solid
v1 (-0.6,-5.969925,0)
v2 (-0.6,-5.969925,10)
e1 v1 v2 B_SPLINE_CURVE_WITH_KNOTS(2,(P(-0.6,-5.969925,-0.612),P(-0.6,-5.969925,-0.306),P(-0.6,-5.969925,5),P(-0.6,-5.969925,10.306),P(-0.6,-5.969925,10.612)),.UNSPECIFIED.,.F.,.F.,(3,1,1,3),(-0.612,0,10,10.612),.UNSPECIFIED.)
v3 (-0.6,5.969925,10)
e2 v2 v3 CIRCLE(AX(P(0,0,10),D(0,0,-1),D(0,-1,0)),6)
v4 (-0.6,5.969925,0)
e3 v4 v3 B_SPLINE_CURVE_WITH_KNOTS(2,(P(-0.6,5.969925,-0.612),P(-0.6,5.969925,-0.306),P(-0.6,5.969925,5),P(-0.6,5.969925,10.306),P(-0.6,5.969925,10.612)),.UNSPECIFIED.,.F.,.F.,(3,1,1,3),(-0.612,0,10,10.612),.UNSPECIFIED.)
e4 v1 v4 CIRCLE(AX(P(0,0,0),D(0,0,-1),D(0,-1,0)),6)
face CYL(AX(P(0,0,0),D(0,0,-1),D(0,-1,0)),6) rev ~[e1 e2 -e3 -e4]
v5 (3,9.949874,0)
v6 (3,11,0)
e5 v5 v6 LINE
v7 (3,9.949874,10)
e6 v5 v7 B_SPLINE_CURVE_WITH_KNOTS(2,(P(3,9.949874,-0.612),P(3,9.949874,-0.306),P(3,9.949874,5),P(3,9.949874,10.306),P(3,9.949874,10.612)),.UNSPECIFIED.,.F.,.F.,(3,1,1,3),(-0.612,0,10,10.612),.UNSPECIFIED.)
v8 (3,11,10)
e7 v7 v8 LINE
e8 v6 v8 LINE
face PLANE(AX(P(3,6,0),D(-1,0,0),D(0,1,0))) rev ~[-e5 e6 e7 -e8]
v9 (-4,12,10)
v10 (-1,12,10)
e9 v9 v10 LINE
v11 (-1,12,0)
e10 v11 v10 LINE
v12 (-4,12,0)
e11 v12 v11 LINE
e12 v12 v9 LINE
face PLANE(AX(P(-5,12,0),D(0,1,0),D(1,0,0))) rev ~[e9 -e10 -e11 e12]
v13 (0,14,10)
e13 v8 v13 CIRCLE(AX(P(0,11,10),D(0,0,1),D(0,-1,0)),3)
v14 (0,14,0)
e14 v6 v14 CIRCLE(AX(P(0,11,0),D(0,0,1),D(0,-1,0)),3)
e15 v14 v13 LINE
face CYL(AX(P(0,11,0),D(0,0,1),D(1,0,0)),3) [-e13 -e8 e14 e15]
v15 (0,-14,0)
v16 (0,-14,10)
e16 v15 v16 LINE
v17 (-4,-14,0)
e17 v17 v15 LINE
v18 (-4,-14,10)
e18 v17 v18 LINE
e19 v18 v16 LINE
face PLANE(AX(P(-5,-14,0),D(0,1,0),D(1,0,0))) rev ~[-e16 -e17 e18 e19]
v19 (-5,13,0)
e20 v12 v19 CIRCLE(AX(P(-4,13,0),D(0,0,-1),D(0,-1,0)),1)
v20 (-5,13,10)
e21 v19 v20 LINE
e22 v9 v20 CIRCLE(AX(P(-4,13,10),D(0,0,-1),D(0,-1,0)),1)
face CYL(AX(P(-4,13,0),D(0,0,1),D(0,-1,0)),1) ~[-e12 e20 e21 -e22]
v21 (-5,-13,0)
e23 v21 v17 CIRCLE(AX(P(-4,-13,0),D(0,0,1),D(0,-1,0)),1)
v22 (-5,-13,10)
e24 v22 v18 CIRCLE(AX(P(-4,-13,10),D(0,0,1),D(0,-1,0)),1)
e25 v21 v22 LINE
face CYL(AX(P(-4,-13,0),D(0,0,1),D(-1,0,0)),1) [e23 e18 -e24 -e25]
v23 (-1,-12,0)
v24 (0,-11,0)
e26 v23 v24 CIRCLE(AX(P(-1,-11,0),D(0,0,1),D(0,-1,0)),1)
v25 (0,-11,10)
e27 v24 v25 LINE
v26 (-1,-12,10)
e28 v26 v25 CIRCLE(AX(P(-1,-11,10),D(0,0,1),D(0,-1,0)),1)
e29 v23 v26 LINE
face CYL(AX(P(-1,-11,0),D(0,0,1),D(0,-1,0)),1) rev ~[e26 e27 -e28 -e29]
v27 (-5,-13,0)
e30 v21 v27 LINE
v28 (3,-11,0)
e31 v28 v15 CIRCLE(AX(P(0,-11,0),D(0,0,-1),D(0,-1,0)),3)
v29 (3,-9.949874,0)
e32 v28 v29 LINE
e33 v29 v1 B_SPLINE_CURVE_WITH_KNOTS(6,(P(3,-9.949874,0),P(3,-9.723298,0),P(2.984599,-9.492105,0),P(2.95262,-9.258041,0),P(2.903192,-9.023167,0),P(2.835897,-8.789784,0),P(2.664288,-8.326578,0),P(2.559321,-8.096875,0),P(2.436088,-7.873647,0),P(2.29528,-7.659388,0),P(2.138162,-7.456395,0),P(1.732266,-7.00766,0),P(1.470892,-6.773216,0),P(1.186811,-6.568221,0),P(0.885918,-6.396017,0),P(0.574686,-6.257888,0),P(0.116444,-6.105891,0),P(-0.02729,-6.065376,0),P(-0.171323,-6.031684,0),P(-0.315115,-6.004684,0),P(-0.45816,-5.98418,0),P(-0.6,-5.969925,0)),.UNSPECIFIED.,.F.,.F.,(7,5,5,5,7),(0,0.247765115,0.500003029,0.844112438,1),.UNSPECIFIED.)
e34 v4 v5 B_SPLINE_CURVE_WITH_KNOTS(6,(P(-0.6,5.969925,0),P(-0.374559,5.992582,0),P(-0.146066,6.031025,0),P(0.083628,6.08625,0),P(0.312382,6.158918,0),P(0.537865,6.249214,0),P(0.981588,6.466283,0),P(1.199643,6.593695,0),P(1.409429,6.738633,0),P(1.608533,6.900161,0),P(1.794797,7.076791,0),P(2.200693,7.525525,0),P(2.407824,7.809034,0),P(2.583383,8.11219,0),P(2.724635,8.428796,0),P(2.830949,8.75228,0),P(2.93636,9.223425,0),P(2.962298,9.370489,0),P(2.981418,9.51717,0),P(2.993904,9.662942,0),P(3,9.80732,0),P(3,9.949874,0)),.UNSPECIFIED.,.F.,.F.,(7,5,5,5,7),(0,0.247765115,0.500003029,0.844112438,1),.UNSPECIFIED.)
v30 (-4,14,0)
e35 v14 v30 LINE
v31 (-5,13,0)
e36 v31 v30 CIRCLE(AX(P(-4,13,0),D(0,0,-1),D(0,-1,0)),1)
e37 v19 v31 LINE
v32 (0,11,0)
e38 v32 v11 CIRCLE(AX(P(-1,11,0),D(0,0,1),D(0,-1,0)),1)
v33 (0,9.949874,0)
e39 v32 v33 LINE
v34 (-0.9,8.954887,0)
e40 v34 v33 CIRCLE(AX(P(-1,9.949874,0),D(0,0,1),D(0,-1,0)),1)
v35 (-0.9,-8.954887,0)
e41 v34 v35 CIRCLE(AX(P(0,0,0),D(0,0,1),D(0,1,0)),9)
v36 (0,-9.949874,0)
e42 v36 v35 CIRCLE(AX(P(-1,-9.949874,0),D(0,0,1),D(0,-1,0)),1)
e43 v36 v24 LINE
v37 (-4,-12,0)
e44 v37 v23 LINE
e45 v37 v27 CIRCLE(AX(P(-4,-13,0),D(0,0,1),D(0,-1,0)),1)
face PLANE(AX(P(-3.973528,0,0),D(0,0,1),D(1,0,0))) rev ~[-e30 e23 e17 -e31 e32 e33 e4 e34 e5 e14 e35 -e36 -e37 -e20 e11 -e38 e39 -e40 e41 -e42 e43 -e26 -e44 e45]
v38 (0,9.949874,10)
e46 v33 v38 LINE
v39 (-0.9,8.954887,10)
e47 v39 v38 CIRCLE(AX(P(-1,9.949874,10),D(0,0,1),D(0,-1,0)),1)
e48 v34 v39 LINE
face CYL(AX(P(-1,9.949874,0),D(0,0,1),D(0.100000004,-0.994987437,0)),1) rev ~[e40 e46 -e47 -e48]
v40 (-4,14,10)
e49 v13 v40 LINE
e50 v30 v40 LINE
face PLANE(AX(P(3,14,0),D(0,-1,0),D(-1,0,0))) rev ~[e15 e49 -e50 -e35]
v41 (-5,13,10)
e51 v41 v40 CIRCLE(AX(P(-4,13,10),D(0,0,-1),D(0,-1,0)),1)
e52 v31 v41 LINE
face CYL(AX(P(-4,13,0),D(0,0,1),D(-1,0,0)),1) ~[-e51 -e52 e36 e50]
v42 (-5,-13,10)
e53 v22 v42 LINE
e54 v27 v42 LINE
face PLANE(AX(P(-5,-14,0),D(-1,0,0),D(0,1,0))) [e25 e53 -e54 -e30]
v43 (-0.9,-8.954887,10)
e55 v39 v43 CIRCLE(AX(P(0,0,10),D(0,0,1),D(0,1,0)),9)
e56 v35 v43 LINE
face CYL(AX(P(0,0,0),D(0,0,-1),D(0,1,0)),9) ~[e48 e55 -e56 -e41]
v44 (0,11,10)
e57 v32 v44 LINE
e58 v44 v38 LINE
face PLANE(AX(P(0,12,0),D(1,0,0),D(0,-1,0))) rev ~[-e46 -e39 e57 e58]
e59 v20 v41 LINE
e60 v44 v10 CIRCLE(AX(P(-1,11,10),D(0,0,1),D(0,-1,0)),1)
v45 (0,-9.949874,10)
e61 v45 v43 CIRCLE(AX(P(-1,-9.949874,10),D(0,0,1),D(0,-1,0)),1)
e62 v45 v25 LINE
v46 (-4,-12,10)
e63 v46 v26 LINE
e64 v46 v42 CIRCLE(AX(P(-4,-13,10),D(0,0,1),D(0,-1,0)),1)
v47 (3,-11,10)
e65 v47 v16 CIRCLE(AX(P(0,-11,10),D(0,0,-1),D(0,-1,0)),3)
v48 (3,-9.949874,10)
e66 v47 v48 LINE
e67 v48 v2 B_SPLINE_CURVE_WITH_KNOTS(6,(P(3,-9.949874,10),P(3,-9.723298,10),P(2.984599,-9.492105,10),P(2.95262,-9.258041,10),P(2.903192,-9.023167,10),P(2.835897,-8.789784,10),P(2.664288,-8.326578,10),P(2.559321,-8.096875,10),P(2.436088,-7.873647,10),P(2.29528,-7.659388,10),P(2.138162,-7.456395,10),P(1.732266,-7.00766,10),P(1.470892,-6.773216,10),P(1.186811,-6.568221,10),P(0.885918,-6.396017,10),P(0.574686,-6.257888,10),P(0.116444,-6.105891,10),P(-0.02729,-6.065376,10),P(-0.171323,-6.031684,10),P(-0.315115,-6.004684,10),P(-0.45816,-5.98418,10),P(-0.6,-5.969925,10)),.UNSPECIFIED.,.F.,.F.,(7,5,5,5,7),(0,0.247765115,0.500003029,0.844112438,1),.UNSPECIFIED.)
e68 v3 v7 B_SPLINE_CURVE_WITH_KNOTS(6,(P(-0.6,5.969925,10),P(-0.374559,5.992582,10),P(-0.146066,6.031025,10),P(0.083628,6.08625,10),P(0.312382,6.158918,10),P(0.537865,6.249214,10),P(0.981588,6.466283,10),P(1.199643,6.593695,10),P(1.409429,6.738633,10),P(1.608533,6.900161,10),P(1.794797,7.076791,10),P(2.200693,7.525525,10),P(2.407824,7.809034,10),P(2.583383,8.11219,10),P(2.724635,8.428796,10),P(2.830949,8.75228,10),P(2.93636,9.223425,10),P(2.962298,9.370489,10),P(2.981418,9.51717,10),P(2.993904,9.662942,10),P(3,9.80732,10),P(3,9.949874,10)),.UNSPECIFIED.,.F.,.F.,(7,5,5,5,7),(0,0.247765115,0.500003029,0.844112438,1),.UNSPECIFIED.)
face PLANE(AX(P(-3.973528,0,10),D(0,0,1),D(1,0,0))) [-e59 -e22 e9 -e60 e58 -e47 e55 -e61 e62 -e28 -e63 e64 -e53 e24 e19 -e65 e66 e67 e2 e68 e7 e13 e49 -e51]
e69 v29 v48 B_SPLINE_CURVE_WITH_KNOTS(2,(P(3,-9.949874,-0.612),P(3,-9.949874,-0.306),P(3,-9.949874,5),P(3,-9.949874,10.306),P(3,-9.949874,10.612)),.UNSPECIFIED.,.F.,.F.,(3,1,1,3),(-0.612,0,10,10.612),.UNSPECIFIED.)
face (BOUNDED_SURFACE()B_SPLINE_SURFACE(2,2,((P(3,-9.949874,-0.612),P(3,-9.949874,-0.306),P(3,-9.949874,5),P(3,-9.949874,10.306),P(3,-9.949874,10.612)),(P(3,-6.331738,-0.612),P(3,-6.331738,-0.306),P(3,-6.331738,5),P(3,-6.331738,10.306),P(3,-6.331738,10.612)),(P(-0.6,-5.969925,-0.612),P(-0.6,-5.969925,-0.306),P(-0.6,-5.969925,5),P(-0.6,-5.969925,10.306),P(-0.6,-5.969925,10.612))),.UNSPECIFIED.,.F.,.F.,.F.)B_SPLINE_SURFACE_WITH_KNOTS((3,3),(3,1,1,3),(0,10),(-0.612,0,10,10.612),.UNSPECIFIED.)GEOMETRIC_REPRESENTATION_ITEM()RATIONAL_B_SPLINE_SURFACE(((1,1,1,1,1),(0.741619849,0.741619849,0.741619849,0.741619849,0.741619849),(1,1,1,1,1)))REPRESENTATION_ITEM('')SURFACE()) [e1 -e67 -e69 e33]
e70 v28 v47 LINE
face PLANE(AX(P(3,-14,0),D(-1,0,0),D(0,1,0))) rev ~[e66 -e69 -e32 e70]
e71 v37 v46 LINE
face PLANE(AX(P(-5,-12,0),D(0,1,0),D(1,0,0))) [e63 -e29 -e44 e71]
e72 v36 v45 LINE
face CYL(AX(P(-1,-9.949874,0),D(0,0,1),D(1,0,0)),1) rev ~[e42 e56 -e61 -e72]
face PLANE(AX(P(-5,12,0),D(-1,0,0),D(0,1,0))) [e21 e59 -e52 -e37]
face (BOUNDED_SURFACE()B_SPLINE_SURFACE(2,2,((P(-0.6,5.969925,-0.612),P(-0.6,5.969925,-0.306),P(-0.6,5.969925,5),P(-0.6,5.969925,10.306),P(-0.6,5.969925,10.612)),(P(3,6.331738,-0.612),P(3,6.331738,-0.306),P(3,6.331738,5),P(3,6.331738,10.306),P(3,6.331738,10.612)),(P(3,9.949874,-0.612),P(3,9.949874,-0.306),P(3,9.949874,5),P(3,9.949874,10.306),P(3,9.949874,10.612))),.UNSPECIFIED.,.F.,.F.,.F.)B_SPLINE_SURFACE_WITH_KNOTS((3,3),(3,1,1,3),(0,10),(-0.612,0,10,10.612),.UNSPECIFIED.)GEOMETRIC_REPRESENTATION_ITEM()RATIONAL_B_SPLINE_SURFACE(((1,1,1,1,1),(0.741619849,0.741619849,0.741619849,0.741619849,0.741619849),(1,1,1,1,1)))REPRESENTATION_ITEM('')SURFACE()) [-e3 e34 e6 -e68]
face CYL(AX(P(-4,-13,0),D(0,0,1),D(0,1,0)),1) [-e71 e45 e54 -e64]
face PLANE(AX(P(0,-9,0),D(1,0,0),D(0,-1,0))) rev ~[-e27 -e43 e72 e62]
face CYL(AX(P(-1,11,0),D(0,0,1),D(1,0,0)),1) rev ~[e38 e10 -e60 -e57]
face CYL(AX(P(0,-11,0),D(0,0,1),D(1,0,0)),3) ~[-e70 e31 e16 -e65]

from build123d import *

# Parameters (mm, degrees)
F0_W     = 5
F0_H     = 2.0000003874
F1_DEPTH = 10
F2_R     = 4
F3_R     = 3
F4_R     = 1
F5_R     = 1
F6_R     = 1


with BuildPart() as f1:
    # F0 (on Top) → F1 (new body)
    with BuildSketch(Plane.XY):
        with BuildLine():
            ThreePointArc((0, -6), (-6, 0), (0, 6))
            Line((0, 6), (0, 8.9999996126))
            ThreePointArc((0, 8.9999996126), (-8.9999996126, 0), (0, -8.9999996126))
            Line((0, -8.9999996126), (0, -6))
        make_face()
        Polygon((0, 8.9999996126), (0, 6), (3, 6), (3, 14), (0, 14), (0, 11.9999996126), align=None)
        with Locations((-2.5, 12.9999998063)):
            Rectangle(F0_W, F0_H)
        Polygon((3, -6), (0, -6), (0, -8.9999996126), (0, -11.9999996126), (0, -14), (3, -14), align=None)
        with Locations((-2.5, -12.9999998063)):
            Rectangle(F0_W, F0_H)
    extrude(amount=F1_DEPTH)

    # F2
    f2_edges = [f1.edges().sort_by_distance(p)[0] for p in [
        (3, -6, 5),
        (3, 6, 5),
    ]]
    fillet(f2_edges, radius=F2_R)

    # F3
    f3_edges = [f1.edges().sort_by_distance(p)[0] for p in [
        (3, -14, 5),
        (3, 14, 5),
    ]]
    fillet(f3_edges, radius=F3_R)

    # F4
    f4_edges = [f1.edges().sort_by_distance(p)[0] for p in [
        (0, 12, 5),
        (0, -12, 5),
    ]]
    fillet(f4_edges, radius=F4_R)

    # F5
    f5_edges = [f1.edges().sort_by_distance(p)[0] for p in [
        (0, 9, 5),
        (0, -9, 5),
    ]]
    fillet(f5_edges, radius=F5_R)

    # F6
    f6_edges = [f1.edges().sort_by_distance(p)[0] for p in [
        (-5, 12, 5),
        (-5, 14, 5),
        (-5, -12, 5),
        (-5, -14, 5),
    ]]
    fillet(f6_edges, radius=F6_R)


solid = f1.part
